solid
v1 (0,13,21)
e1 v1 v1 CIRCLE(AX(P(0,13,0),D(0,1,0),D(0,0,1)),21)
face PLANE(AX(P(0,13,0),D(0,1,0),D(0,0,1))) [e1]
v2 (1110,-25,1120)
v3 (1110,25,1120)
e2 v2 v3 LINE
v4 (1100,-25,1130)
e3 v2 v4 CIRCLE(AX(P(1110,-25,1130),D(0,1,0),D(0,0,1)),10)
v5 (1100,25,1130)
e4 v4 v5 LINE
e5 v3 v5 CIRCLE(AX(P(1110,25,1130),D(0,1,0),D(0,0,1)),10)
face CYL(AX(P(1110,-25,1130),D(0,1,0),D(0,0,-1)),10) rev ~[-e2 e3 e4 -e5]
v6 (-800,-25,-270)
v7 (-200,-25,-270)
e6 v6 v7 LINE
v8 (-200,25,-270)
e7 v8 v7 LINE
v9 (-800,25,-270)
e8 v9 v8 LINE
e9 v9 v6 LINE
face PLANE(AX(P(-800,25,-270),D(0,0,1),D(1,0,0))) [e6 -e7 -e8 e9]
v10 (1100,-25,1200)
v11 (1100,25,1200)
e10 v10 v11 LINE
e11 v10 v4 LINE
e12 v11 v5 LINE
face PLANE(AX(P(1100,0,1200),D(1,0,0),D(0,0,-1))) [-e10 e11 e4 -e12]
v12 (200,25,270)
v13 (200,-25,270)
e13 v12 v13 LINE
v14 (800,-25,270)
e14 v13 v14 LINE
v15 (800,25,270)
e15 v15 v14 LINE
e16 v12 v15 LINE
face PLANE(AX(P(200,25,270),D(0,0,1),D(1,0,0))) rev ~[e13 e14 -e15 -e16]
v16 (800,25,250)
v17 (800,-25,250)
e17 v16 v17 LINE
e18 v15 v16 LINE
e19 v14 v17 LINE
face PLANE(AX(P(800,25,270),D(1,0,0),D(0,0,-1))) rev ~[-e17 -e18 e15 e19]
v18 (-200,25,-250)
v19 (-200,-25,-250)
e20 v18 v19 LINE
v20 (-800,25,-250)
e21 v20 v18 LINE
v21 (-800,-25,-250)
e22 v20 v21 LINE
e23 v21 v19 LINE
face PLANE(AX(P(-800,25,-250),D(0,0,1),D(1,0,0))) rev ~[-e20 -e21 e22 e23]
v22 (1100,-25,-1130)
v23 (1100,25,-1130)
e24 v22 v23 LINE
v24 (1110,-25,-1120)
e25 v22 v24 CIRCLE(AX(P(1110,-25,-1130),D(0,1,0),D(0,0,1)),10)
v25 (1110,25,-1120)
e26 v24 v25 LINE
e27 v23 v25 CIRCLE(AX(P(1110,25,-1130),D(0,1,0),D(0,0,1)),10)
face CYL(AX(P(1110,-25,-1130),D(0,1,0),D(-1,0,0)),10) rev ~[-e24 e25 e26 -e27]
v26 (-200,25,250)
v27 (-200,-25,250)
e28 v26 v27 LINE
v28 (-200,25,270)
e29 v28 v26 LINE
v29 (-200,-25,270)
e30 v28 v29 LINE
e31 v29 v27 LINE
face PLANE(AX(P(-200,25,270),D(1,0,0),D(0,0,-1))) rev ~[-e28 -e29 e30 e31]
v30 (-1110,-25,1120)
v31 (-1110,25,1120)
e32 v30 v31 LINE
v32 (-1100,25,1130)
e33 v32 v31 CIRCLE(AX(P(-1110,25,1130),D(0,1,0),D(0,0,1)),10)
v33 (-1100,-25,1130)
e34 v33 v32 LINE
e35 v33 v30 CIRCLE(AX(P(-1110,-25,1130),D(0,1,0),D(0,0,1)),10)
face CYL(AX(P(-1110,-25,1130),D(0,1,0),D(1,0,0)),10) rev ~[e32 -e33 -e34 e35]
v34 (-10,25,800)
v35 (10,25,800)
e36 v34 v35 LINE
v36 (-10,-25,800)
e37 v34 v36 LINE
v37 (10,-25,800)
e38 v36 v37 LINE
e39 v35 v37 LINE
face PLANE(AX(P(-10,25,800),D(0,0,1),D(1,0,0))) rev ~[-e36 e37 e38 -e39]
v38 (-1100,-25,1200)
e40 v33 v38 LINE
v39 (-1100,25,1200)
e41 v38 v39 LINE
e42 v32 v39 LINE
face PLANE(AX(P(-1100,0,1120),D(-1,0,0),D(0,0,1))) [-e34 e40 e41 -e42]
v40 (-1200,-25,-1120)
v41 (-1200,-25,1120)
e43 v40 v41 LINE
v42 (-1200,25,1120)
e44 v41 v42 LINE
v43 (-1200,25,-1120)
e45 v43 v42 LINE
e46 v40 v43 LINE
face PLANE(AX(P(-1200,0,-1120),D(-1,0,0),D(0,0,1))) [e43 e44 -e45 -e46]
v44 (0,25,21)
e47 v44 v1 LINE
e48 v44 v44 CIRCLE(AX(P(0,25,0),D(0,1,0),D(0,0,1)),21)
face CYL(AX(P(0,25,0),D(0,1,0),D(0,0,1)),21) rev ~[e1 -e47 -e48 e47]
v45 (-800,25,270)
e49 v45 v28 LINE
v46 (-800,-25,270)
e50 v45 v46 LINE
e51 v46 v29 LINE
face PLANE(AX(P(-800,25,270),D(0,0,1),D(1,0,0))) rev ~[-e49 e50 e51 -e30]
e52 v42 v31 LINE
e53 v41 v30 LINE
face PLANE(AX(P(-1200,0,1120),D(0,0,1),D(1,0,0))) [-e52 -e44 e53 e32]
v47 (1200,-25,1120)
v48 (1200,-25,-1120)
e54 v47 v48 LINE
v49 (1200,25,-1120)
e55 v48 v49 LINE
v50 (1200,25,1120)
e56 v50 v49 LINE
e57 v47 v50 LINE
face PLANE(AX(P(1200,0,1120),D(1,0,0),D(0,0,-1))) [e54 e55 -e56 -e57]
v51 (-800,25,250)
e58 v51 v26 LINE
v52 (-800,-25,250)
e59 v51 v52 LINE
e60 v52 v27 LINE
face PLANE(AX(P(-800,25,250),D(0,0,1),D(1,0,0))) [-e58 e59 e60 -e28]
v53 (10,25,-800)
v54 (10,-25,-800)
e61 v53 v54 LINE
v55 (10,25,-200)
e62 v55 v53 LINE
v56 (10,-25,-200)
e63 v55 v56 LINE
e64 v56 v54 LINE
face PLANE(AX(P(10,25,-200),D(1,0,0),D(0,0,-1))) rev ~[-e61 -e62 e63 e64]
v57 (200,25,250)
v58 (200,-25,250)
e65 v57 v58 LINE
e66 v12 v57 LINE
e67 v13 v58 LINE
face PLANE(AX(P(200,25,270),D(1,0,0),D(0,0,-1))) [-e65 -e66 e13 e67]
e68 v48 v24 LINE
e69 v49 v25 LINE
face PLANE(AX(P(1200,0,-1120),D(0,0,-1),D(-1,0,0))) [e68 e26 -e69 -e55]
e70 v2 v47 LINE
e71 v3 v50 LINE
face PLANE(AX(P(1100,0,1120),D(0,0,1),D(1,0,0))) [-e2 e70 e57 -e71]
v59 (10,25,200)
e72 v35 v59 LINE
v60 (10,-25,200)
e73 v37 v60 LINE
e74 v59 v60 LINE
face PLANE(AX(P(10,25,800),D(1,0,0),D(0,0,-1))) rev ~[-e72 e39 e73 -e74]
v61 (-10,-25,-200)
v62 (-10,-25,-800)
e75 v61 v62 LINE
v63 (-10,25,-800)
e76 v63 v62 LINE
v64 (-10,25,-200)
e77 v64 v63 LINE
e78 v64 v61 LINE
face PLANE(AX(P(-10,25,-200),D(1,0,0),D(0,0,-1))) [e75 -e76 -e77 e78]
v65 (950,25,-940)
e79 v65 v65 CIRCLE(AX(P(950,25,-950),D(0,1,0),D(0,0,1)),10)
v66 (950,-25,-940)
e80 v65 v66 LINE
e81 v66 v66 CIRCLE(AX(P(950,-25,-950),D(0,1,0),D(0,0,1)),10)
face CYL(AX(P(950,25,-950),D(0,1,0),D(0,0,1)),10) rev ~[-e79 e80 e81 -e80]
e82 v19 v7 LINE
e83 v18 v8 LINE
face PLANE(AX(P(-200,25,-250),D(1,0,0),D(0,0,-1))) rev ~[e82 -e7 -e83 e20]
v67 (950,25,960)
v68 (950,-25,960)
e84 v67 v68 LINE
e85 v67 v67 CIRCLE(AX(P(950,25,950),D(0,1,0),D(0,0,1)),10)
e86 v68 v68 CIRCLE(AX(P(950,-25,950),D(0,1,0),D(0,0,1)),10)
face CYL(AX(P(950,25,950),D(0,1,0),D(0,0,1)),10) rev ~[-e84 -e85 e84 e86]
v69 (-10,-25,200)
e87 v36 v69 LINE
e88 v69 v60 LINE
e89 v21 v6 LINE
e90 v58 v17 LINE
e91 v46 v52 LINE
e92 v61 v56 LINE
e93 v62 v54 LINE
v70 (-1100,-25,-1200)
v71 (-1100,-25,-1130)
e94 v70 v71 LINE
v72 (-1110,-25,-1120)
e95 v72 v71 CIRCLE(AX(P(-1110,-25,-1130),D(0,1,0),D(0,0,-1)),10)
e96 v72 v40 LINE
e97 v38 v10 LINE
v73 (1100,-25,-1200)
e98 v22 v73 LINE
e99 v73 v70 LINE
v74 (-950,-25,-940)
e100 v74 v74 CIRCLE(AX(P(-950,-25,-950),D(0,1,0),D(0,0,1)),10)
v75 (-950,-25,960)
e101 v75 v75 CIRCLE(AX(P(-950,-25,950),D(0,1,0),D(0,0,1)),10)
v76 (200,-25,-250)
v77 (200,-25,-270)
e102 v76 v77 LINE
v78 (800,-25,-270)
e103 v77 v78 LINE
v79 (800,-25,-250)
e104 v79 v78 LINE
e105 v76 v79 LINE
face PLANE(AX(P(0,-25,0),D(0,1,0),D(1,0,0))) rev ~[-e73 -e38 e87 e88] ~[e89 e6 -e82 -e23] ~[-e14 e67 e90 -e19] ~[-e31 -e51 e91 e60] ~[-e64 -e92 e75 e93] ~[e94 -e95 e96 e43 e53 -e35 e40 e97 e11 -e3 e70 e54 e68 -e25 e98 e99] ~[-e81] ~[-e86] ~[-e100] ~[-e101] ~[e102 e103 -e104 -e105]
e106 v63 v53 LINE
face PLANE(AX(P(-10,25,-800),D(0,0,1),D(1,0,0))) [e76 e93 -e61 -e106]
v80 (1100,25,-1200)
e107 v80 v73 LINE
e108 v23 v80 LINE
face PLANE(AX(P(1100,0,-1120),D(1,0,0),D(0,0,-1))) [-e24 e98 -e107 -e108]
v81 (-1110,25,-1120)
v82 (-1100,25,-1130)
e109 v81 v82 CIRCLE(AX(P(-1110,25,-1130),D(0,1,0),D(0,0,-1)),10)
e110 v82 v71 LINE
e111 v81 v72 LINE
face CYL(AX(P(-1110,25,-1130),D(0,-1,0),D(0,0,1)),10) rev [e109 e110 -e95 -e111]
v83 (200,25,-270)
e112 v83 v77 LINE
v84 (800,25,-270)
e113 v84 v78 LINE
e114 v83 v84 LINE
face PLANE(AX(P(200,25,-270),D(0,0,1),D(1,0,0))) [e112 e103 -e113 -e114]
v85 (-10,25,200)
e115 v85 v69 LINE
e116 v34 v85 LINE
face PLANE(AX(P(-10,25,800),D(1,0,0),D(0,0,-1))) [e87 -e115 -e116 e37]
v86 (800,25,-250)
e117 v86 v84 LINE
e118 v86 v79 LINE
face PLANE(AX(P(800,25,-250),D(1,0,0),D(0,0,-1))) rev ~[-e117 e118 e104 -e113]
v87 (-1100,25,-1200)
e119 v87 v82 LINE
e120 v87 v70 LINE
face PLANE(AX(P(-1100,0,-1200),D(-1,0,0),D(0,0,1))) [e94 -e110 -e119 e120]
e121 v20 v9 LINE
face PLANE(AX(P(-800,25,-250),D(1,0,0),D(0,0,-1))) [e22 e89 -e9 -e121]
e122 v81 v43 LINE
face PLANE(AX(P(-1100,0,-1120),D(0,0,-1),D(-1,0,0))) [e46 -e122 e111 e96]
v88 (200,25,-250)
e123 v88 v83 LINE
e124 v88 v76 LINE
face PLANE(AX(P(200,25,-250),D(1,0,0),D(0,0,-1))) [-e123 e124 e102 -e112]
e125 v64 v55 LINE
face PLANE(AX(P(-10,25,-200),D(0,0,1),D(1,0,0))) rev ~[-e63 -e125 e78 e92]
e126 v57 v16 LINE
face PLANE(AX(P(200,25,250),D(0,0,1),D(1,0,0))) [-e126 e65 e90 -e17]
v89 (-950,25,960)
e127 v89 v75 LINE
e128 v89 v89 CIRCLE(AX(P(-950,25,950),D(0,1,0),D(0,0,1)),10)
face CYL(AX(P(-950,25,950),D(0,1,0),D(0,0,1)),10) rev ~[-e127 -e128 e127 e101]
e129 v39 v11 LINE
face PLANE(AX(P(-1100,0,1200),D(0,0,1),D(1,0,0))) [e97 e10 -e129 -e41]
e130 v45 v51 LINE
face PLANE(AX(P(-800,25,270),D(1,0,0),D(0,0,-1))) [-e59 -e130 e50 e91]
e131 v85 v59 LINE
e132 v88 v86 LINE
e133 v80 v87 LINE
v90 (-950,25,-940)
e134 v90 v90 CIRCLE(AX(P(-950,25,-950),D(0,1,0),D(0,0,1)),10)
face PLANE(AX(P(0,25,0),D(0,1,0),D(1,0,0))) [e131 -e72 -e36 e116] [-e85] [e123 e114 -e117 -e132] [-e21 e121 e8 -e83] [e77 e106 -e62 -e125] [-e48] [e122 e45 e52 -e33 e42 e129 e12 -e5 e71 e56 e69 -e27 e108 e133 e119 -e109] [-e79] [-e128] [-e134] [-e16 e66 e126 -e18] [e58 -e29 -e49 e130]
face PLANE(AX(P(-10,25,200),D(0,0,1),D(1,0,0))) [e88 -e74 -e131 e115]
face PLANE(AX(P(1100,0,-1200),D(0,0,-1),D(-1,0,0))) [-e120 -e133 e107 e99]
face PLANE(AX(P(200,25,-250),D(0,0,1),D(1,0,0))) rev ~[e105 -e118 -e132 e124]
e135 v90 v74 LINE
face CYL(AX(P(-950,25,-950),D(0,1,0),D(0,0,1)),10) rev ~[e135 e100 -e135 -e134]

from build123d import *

# Parameters (mm, degrees)
EXTRUDE_1_DEPTH     = 25
FILLET_1_R          = 10
SKETCH_2_R          = 10
CUT_EXTRUDE_1_DEPTH = 1698.792684635
SKETCH_3_R          = 21
CUT_EXTRUDE_2_DEPTH = 12
SKETCH_4_W          = 20
SKETCH_4_H          = 600
SKETCH_4_W_2        = 600
SKETCH_4_H_2        = 20
CUT_EXTRUDE_3_DEPTH = 1698.792684635


with BuildPart() as part:
    # Эскиз1 → Бобышка-Вытянуть1 (new, symmetric)
    with BuildSketch(Plane(origin=(0, 0, 0), x_dir=(1, 0, 0), z_dir=(0, 1, 0))):
        Polygon((-1100, 1120), (-1200, 1120), (-1200, -1120), (-1100, -1120), (-1100, -1200), (1100, -1200), (1100, -1120), (1200, -1120), (1200, 1120), (1100, 1120), (1100, 1200), (-1100, 1200), align=None)
    extrude(amount=EXTRUDE_1_DEPTH, both=True)

    # Скругление1
    fillet_1_edges = [part.edges().sort_by_distance(p)[0] for p in [
        (-1100, 0, -1120),
        (1100, 0, -1120),
        (1100, 0, 1120),
        (-1100, 0, 1120),
    ]]
    fillet(fillet_1_edges, radius=FILLET_1_R)

    # Эскиз2 → Вырез-Вытянуть1 (cut, through all)
    with BuildSketch(Plane(origin=(0, 25, 0), x_dir=(1, 0, 0), z_dir=(0, 1, 0))):
        with Locations(Location((-950, 950, 0), (0, 0, 270))):
            Circle(SKETCH_2_R)
        with Locations(Location((950, 950, 0), (0, 0, 270))):
            Circle(SKETCH_2_R)
        with Locations(Location((950, -950, 0), (0, 0, 270))):
            Circle(SKETCH_2_R)
        with Locations(Location((-950, -950, 0), (0, 0, 270))):
            Circle(SKETCH_2_R)
    extrude(amount=-CUT_EXTRUDE_1_DEPTH, mode=Mode.SUBTRACT)

    # Эскиз3 → Вырез-Вытянуть2 (cut)
    with BuildSketch(Plane(origin=(0, 25, 0), x_dir=(1, 0, 0), z_dir=(0, 1, 0))):
        with Locations(Location((0, 0, 0), (0, 0, 270))):
            Circle(SKETCH_3_R)
    extrude(amount=-CUT_EXTRUDE_2_DEPTH, mode=Mode.SUBTRACT)

    # Эскиз4 → Вырез-Вытянуть3 (cut, through all)
    with BuildSketch(Plane(origin=(0, 25, 0), x_dir=(1, 0, 0), z_dir=(0, 1, 0))):
        with Locations((0, -500)):
            Rectangle(SKETCH_4_W, SKETCH_4_H)
        with Locations((0, 500)):
            Rectangle(SKETCH_4_W, SKETCH_4_H)
        with Locations((500, -260)):
            Rectangle(SKETCH_4_W_2, SKETCH_4_H_2)
        with Locations((500, 260)):
            Rectangle(SKETCH_4_W_2, SKETCH_4_H_2)
        with Locations((-500, -260)):
            Rectangle(SKETCH_4_W_2, SKETCH_4_H_2)
        with Locations((-500, 260)):
            Rectangle(SKETCH_4_W_2, SKETCH_4_H_2)
    extrude(amount=-CUT_EXTRUDE_3_DEPTH, mode=Mode.SUBTRACT)


solid = part.part
